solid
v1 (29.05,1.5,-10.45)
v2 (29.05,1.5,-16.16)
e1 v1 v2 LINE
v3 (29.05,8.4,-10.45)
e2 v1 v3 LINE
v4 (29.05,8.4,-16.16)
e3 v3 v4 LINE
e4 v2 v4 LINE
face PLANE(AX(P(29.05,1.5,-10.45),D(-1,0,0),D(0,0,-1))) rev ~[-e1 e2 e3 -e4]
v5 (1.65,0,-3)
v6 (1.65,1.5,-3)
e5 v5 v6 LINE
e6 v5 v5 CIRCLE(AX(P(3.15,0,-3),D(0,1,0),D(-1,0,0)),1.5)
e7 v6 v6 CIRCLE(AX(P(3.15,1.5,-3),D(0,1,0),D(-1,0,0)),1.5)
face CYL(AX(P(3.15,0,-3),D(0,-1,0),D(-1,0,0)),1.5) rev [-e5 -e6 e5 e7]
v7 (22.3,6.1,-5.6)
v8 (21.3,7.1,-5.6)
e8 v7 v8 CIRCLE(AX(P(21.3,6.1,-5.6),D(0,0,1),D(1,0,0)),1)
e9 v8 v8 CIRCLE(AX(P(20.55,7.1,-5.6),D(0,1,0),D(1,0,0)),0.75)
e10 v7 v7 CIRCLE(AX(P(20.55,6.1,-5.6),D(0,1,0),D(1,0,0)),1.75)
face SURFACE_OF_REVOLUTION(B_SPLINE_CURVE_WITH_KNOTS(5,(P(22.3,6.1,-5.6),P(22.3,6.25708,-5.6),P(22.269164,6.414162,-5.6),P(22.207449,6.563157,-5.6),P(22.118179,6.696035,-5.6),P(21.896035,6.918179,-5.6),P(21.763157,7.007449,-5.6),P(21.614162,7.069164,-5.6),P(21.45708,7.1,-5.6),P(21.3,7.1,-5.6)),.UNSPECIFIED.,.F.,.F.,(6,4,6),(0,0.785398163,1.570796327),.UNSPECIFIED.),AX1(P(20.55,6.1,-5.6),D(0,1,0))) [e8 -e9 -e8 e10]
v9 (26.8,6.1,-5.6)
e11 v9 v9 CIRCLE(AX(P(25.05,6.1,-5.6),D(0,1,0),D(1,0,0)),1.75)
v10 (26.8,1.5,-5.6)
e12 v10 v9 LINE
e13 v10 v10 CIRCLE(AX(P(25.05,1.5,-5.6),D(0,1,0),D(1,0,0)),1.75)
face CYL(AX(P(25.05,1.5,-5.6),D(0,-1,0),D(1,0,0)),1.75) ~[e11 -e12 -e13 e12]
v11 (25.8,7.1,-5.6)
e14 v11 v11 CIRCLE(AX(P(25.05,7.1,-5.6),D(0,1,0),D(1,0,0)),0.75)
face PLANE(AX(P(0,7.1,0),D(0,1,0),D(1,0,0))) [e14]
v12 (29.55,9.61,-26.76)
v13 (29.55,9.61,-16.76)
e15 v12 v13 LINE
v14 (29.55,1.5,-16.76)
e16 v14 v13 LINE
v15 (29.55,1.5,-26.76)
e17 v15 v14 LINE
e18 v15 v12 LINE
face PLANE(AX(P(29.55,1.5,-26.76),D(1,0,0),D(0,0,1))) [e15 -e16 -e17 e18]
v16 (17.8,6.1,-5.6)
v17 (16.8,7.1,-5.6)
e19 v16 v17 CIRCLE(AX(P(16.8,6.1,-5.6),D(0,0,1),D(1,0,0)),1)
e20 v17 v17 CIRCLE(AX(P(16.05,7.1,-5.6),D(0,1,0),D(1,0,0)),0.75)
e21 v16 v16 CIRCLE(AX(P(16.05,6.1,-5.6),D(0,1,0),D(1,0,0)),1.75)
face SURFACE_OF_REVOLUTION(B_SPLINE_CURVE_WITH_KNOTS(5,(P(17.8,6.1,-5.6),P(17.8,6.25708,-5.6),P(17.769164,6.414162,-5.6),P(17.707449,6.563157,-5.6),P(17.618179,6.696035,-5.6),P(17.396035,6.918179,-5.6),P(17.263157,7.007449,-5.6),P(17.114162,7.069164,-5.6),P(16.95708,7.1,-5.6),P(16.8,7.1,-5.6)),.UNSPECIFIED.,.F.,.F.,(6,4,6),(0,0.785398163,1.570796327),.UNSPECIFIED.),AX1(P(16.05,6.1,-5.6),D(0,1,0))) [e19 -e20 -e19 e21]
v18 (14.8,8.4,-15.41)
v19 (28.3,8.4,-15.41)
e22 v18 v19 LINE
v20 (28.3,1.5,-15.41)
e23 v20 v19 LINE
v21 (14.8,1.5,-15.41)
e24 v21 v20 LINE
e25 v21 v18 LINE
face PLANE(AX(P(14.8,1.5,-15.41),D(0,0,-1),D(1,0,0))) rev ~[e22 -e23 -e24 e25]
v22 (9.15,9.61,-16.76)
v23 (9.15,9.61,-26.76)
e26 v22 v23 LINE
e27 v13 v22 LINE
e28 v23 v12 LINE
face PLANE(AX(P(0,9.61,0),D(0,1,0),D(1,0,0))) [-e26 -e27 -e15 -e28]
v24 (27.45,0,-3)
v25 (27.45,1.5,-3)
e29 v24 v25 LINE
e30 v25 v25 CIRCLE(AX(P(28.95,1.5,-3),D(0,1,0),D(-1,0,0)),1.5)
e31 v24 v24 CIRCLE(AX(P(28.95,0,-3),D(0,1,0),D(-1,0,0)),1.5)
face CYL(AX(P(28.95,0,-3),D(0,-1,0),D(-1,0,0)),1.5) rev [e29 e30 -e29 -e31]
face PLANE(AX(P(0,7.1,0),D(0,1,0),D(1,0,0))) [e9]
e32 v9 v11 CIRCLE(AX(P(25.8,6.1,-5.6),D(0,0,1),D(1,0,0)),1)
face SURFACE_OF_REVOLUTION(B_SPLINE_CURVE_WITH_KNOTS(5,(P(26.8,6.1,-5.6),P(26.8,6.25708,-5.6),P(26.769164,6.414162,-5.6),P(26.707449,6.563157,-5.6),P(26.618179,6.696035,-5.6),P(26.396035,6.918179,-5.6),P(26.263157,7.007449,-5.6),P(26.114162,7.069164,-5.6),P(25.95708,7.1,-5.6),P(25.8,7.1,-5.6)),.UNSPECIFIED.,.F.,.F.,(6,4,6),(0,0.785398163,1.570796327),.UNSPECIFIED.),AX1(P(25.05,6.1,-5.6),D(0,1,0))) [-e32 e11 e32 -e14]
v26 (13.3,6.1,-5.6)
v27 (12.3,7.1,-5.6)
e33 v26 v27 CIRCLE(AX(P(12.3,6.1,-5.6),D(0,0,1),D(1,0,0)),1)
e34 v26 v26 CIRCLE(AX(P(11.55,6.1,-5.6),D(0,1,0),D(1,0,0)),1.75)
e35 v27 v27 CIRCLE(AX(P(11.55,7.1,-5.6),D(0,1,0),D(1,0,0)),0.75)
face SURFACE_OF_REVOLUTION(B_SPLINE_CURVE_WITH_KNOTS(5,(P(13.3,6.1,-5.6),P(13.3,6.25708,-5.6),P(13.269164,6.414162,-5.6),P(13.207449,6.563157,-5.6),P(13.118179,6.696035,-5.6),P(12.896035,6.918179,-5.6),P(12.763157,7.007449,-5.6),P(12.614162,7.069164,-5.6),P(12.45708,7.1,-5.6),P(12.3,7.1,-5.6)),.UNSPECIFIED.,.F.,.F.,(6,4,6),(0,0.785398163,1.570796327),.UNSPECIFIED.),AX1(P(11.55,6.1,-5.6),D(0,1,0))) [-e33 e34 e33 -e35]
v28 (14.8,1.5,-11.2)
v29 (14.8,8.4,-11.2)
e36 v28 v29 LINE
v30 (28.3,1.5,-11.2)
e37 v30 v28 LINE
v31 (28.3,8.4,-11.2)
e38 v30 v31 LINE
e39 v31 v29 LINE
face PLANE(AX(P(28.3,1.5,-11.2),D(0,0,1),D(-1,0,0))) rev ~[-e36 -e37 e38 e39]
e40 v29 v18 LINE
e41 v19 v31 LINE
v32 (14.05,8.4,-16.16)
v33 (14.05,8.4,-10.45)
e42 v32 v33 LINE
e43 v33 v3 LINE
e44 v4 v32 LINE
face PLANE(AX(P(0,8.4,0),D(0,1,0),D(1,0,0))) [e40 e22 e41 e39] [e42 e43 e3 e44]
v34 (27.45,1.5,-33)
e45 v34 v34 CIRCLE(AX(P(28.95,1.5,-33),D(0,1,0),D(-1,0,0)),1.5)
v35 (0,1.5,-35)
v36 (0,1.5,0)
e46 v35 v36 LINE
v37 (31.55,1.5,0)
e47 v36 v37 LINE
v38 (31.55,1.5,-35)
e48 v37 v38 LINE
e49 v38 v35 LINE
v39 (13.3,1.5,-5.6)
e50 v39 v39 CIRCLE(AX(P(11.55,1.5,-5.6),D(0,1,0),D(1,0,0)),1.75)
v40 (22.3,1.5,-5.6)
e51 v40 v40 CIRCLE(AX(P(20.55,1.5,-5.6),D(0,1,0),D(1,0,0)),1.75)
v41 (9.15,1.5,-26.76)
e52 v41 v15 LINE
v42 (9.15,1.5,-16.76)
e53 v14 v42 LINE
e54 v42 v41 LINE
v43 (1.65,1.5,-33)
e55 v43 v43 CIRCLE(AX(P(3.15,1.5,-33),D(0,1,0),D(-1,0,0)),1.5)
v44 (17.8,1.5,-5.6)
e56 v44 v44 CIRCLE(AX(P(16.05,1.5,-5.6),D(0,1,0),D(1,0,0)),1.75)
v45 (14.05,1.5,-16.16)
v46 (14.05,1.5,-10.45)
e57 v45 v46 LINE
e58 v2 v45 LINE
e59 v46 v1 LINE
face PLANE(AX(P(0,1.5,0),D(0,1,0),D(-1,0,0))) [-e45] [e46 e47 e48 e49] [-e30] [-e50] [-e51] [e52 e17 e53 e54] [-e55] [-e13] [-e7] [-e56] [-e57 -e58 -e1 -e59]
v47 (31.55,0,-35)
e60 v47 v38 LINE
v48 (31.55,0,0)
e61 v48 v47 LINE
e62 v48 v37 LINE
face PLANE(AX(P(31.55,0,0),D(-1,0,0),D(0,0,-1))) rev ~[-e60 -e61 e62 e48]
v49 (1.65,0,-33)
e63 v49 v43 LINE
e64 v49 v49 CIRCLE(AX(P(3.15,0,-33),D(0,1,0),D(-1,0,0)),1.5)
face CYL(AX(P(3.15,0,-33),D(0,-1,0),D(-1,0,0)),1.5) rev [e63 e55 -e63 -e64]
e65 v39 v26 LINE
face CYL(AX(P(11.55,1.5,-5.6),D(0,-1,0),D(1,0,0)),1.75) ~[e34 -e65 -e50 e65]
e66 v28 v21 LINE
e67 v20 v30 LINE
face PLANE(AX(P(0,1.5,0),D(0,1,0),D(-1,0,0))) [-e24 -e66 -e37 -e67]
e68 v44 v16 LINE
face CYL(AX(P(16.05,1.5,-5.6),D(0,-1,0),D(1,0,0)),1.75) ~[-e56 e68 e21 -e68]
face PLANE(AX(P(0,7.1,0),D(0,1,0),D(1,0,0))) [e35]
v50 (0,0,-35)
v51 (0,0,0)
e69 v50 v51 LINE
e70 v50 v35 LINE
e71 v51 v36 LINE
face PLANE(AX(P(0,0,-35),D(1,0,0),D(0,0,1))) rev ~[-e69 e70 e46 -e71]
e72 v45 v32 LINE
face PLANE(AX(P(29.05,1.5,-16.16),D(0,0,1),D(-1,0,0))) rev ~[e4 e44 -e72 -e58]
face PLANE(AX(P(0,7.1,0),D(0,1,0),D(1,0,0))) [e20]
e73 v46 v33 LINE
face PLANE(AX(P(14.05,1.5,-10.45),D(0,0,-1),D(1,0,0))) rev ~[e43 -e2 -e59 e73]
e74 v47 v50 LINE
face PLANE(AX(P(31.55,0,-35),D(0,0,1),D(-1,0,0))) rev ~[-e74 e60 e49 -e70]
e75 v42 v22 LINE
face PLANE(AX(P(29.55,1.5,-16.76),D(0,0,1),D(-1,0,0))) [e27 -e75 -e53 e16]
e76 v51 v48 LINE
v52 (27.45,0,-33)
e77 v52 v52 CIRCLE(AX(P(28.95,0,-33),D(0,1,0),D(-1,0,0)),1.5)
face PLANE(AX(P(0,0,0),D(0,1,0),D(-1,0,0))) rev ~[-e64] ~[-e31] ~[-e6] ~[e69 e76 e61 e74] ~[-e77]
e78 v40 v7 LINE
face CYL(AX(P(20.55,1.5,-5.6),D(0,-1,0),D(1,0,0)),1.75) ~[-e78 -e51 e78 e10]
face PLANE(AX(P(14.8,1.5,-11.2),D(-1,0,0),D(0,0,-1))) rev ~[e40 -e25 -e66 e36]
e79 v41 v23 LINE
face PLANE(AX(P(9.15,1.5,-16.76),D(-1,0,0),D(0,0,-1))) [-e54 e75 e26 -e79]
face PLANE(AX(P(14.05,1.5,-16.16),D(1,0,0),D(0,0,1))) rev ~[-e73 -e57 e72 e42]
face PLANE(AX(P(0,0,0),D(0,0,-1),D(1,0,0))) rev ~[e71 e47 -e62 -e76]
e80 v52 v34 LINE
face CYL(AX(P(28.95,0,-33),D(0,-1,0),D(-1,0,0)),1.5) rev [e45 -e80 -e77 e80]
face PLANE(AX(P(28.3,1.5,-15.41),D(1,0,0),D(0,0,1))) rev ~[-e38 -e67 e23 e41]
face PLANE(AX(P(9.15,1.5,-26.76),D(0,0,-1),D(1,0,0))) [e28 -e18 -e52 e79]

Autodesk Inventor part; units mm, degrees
ref_plane "YZ Plane" through (0, 0, 0) normal (1, 0, 0) x (0, 1, 0)
ref_plane "XZ Plane" through (0, 0, 0) normal (0, 1, 0) x (-1, 0, 0)
ref_plane "XY Plane" through (0, 0, 0) normal (0, 0, 1) x (1, 0, 0)
sketch "Sketch1" plane through (0, 0, 0) normal (0, 1, 0) x (-1, 0, 0)
  line L0 (0, 0) -> (-31.55, 0)
  line L1 (-31.55, 0) -> (-31.55, -35)
  line L2 (-31.55, -35) -> (0, -35)
  line L3 (0, -35) -> (0, 0)
  circle A0 centre (-3.15, -33) radius 1.5
  circle A1 centre (-28.95, -33) radius 1.5
  circle A2 centre (-3.15, -3) radius 1.5
  circle A3 centre (-28.95, -3) radius 1.5
  dimension "d0" = 31.55
  dimension "d1" = 35
  dimension "d2" = 3
  dimension "d3" = 25.8
  dimension "d4" = 2.6
  dimension "d5" = 30
  dimension "d6" = 2
extrude "Extrusion1" add sketch "Sketch1" along normal blind 1.5
sketch "Sketch2" plane through (0, 1.5, 0) normal (0, 1, 0) x (1, 0, 0)
  line L0 (9.15, 26.76) -> (29.55, 26.76)
  line L1 (29.55, 26.76) -> (29.55, 16.76)
  line L2 (29.55, 16.76) -> (9.15, 16.76)
  line L3 (9.15, 16.76) -> (9.15, 26.76)
  line L4 (31.55, 35) -> (0, 35) projected
  line L5 (29.05, 16.16) -> (14.05, 16.16)
  line L6 (14.05, 16.16) -> (14.05, 10.45)
  line L7 (14.05, 10.45) -> (29.05, 10.45)
  line L8 (29.05, 10.45) -> (29.05, 16.16)
  line L9 (28.3, 11.2) -> (14.8, 11.2)
  line L10 (14.8, 11.2) -> (14.8, 15.41)
  line L11 (14.8, 15.41) -> (28.3, 15.41)
  line L12 (28.3, 15.41) -> (28.3, 11.2)
  line L13 (31.55, 0) -> (31.55, 35) projected
  circle A0 centre (11.55, 5.6) radius 1.75
  circle A1 centre (16.05, 5.6) radius 1.75
  circle A2 centre (20.55, 5.6) radius 1.75
  circle A3 centre (25.05, 5.6) radius 1.75
  line L14 (0, 0) -> (31.55, 0) projected
  dimension "d9" = 10
  dimension "d10" = 20.4
  dimension "d11" = 8.24
  dimension "d12" = 2
  dimension "d15" = 15
  dimension "d16" = 5.71
  dimension "d17" = 2.5
  dimension "d18" = 10.45
  dimension "d19" = 0.75
  dimension "d22" = 4.5
  dimension "d23" = 4.5
  dimension "d24" = 4.5
  dimension "d25" = 6.5
  dimension "d26" = 5.6
  dimension "d27" = 3.5
extrude "Extrusion2" add sketch "Sketch2" along normal blind 8.11 contours L0 L1 L2 L3
extrude "Extrusion3" add sketch "Sketch2" along normal blind 6.9 contours L8 L7 L6 L5
extrude "Extrusion4" add sketch "Sketch2" along normal blind 5.6 contours A0 | A1 | A2 | A3
fillet "Fillet1" radius 1 4 edges at (9.8, 7.1, -5.6) (14.3, 7.1, -5.6) (18.8, 7.1, -5.6) (23.3, 7.1, -5.6)
properties part number "STEPPER DRIVER"
